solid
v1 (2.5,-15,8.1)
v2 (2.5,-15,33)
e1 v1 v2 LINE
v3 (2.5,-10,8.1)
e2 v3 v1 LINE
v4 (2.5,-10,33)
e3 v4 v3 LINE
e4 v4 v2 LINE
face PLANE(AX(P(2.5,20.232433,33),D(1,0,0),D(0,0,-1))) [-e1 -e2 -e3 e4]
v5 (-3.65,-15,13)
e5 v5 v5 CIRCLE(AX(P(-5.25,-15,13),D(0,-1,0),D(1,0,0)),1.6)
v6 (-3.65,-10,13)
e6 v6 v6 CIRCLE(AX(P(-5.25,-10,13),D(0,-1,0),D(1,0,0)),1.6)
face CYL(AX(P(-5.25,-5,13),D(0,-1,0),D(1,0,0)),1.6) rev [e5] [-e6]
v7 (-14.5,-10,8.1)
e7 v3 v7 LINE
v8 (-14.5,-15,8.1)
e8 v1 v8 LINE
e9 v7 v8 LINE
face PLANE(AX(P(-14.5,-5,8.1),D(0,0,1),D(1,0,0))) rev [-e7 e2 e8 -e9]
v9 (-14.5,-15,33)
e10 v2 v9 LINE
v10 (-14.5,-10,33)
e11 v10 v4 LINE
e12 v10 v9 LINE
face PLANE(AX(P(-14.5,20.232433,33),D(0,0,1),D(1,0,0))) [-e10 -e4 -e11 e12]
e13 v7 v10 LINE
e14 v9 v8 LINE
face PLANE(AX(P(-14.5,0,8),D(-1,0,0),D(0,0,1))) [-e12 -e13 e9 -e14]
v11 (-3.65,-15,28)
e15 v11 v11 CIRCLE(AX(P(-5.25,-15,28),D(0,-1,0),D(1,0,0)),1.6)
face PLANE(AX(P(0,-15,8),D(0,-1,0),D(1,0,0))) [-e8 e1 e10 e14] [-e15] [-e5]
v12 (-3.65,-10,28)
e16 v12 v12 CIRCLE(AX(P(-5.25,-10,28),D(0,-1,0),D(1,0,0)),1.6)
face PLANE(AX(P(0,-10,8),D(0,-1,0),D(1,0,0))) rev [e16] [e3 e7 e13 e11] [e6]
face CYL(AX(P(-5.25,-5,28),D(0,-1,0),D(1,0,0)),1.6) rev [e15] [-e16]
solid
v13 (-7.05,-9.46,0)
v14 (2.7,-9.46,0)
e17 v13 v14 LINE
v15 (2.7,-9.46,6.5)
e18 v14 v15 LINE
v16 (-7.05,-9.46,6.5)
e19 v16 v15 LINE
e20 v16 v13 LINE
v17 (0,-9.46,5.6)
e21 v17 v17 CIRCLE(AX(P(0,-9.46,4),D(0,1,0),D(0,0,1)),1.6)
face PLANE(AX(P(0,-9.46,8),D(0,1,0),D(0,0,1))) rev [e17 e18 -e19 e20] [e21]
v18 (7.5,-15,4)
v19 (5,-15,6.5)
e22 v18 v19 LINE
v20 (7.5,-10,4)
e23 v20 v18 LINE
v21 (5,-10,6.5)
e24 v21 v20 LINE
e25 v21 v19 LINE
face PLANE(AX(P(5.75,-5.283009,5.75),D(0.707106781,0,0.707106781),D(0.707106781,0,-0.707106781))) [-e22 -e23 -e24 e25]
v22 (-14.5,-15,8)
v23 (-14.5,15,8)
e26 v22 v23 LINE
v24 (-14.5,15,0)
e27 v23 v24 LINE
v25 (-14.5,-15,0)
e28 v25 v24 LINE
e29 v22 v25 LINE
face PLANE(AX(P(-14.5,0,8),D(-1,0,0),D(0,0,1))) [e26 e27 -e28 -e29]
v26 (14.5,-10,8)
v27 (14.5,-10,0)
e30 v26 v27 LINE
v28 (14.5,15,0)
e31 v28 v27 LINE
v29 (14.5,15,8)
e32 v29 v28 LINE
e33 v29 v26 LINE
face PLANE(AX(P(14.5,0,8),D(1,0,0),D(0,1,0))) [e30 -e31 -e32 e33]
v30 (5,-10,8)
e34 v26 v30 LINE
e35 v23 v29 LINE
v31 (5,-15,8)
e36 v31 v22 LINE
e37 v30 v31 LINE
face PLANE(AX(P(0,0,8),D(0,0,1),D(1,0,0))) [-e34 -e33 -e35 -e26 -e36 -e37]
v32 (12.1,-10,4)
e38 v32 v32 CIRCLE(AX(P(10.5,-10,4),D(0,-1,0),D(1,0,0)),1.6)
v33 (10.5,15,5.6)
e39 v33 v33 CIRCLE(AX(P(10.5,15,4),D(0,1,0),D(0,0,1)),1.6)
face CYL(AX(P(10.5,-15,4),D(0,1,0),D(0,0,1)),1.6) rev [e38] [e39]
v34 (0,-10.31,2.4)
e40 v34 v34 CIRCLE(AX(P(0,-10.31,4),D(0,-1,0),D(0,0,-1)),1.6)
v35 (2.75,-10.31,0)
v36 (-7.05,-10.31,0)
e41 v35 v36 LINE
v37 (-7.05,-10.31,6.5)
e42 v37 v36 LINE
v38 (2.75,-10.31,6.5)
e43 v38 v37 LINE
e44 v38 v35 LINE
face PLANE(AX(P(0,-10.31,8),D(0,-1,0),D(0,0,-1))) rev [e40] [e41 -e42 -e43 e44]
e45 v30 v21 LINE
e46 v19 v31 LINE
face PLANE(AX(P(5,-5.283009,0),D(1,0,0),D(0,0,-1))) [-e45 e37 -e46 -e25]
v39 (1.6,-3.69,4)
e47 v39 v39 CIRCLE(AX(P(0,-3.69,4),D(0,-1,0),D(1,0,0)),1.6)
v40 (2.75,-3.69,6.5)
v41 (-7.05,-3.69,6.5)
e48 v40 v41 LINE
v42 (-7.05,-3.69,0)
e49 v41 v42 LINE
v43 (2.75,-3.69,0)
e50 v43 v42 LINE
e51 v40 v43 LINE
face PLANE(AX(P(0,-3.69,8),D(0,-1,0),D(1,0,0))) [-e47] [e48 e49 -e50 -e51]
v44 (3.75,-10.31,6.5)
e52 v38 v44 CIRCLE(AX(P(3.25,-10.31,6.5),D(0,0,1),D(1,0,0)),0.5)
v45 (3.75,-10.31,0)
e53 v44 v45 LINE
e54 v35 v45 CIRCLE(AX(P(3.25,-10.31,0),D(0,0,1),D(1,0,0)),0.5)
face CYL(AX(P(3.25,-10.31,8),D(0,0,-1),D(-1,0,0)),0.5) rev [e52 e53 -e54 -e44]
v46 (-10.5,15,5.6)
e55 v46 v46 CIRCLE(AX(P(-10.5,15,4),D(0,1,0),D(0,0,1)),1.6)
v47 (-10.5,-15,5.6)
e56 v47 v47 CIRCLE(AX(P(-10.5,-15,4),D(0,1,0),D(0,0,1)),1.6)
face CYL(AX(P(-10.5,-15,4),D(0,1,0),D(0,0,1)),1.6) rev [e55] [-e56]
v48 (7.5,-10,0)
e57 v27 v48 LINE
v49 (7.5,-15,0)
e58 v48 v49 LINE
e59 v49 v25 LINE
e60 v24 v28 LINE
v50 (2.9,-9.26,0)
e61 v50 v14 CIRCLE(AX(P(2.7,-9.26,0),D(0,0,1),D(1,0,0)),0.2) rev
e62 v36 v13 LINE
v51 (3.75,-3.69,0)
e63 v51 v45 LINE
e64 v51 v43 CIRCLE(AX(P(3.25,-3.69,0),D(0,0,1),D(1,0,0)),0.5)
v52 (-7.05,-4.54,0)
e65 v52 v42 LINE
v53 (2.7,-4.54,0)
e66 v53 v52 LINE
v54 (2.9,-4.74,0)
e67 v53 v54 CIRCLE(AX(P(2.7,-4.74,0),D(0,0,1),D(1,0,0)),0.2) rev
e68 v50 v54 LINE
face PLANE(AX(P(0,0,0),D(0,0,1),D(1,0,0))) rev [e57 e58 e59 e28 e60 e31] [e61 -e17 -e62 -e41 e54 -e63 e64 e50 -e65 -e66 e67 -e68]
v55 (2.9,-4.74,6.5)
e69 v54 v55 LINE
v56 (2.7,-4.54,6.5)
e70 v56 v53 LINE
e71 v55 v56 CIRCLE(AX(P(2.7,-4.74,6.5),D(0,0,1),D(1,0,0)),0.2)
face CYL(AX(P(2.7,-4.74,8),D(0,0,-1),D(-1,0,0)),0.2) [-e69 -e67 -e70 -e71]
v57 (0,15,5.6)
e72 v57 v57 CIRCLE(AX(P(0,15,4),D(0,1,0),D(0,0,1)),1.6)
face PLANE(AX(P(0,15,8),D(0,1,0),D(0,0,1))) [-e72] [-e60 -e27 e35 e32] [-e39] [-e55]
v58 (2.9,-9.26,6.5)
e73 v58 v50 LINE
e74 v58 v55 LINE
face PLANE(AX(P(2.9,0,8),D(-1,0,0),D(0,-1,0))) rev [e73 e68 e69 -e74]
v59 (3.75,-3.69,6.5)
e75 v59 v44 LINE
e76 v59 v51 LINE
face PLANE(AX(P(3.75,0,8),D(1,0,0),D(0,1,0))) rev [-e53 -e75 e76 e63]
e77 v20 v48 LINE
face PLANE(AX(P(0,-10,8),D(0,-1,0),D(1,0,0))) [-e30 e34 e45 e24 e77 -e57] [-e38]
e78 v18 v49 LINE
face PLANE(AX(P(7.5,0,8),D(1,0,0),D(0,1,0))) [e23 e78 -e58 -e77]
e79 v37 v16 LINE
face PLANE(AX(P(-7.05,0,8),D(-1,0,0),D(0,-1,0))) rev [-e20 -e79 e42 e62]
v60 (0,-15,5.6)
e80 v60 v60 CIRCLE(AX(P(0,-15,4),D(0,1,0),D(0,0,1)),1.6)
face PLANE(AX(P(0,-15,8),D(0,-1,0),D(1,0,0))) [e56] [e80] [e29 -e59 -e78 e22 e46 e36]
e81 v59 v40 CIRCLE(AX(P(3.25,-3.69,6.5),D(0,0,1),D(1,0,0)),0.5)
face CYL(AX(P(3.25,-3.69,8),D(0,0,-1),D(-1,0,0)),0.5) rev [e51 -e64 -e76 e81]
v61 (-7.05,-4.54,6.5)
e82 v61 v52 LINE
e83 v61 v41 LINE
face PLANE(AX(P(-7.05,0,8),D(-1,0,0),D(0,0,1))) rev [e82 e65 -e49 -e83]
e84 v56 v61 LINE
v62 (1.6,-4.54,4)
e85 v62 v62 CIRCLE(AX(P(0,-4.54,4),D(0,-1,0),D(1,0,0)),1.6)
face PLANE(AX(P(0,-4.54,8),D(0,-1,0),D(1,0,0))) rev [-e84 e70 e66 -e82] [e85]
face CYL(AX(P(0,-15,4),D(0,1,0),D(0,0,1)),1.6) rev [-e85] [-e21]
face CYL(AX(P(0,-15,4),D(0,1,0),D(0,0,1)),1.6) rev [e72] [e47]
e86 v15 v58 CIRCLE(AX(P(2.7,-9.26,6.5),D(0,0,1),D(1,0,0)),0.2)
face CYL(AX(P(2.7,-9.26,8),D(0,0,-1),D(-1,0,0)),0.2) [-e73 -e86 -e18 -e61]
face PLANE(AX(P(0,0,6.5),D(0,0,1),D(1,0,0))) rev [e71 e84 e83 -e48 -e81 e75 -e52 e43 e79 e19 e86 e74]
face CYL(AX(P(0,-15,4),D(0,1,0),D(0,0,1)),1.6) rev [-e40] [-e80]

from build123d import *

# Parameters (mm, degrees)
EXTRUDE_1_DEPTH          = 8
CUT_EXTRUDE_1_DEPTH      = 35.267331381
CUT_EXTRUDE_1_DEPTH_BACK = 35.267331381
SKETCH_3_R               = 1.6
EXTRUDE_2_REACH          = 36.267
SKETCH_5_W               = 17
SKETCH_5_H               = 25
SKETCH_8_W               = 20
SKETCH_8_H               = 13.304516949
EXTRUDE_4_DEPTH          = 1.5
CUT_EXTRUDE_4_DEPTH      = 5
SKETCH_10_R              = 1.6
SKETCH_10_W              = 17
SKETCH_10_H              = 0.1
CUT_EXTRUDE_5_DEPTH      = 10
FILLET_1_R               = 0.2


with BuildPart() as part:
    # 草图2 → 凸台-拉伸1 (new body)
    with BuildSketch(Plane.XY):
        Polygon((14.5, 15), (-14.5, 15), (-14.5, -15), (7.5, -15), (7.5, -10), (14.5, -10), align=None)
        with BuildLine():
            Line((2.9, -9.46), (2.9, -4.54))
            Line((2.9, -4.54), (-7.05, -4.54))
            Line((-7.05, -4.54), (-7.05, -3.69))
            Line((-7.05, -3.69), (2.75, -3.69))
            ThreePointArc((2.75, -3.69), (3.25, -3.19), (3.75, -3.69))
            Line((3.75, -3.69), (3.75, -10.31))
            ThreePointArc((3.75, -10.31), (3.25, -10.81), (2.75, -10.31))
            Line((2.75, -10.31), (-7.05, -10.31))
            Line((-7.05, -10.31), (-7.05, -9.46))
            Line((-7.05, -9.46), (2.9, -9.46))
        make_face(mode=Mode.SUBTRACT)
    extrude(amount=EXTRUDE_1_DEPTH)

    # 草图3 → 切除-拉伸1 (cut, two sides: drawn at the far end of the back side and taken through both)
    with BuildSketch(Plane(origin=(0, 15, 0), x_dir=(1, 0, 0), z_dir=(0, 1, 0)).offset(-CUT_EXTRUDE_1_DEPTH_BACK)):
        with Locations(Location((0, -4, 0), (0, 0, 270))):
            Circle(SKETCH_3_R)
        with Locations(Location((10.5, -4, 0), (0, 0, 270))):
            Circle(SKETCH_3_R)
        with Locations(Location((-10.5, -4, 0), (0, 0, 270))):
            Circle(SKETCH_3_R)
    extrude(amount=CUT_EXTRUDE_1_DEPTH + CUT_EXTRUDE_1_DEPTH_BACK, mode=Mode.SUBTRACT)

    # 凸台-拉伸2: up to this face of the body (flat: up to its plane)
    extrude_2_end = Plane(part.part.faces().sort_by_distance((7.606301458, -10, 4))[0])
    # 草图5 → 凸台-拉伸2 (add, up to the picked face)
    with BuildSketch(Plane.XZ.offset(15), mode=Mode.PRIVATE) as extrude_2_sk1:
        with Locations((-6, 20.5)):
            Rectangle(SKETCH_5_W, SKETCH_5_H)
    extrude_2_tool1 = split(extrude(extrude_2_sk1.sketch, amount=-EXTRUDE_2_REACH, mode=Mode.PRIVATE), bisect_by=extrude_2_end, keep=Keep.BOTH, mode=Mode.PRIVATE)
    add(extrude_2_tool1.solids().sort_by(Axis((-6, -15, 20.5), (0, 1, 0)))[0])

    # 草图8 → 凸台-拉伸4 (add)
    with BuildSketch(Plane.XY.offset(8)):
        with Locations((-2.5, -8.347741526)):
            Rectangle(SKETCH_8_W, SKETCH_8_H)
    extrude(amount=-EXTRUDE_4_DEPTH)

    # 草图9 → 切除-拉伸4 (cut)
    with BuildSketch(Plane.XZ.offset(15)):
        Polygon((5, 6.5), (7.5, 4), (7.5, 8), (5, 8), align=None)
    extrude(amount=-CUT_EXTRUDE_4_DEPTH, mode=Mode.SUBTRACT)

    # 草图10 → 切除-拉伸5 (cut)
    with BuildSketch(Plane.XZ.offset(15)):
        with Locations((-5.25, 13)):
            Circle(SKETCH_10_R)
        with Locations((-5.25, 28)):
            Circle(SKETCH_10_R)
        with Locations((-6, 8.05)):
            Rectangle(SKETCH_10_W, SKETCH_10_H)
    extrude(amount=-CUT_EXTRUDE_5_DEPTH, mode=Mode.SUBTRACT)


with BuildPart() as cut_extrude_5_piece_1:
    # of the separate pieces the step leaves, piece 1, a body of its own (cut_extrude_5_pieces)
    add(part.part.solids().sort_by_distance((-14.5, -15, 0))[0])

    # 圆角1
    fillet_1_edges = [cut_extrude_5_piece_1.edges().sort_by_distance(p)[0] for p in [
        (2.9, -9.46, 3.25),
        (2.9, -4.54, 3.25),
    ]]
    fillet(fillet_1_edges, radius=FILLET_1_R)


with BuildPart() as cut_extrude_5_piece_2:
    # of the separate pieces the step leaves, piece 2, a body of its own (cut_extrude_5_pieces)
    add(part.part.solids().sort_by_distance((-14.5, -15, 8.1))[0])


solid = Compound([cut_extrude_5_piece_1.part, cut_extrude_5_piece_2.part])
